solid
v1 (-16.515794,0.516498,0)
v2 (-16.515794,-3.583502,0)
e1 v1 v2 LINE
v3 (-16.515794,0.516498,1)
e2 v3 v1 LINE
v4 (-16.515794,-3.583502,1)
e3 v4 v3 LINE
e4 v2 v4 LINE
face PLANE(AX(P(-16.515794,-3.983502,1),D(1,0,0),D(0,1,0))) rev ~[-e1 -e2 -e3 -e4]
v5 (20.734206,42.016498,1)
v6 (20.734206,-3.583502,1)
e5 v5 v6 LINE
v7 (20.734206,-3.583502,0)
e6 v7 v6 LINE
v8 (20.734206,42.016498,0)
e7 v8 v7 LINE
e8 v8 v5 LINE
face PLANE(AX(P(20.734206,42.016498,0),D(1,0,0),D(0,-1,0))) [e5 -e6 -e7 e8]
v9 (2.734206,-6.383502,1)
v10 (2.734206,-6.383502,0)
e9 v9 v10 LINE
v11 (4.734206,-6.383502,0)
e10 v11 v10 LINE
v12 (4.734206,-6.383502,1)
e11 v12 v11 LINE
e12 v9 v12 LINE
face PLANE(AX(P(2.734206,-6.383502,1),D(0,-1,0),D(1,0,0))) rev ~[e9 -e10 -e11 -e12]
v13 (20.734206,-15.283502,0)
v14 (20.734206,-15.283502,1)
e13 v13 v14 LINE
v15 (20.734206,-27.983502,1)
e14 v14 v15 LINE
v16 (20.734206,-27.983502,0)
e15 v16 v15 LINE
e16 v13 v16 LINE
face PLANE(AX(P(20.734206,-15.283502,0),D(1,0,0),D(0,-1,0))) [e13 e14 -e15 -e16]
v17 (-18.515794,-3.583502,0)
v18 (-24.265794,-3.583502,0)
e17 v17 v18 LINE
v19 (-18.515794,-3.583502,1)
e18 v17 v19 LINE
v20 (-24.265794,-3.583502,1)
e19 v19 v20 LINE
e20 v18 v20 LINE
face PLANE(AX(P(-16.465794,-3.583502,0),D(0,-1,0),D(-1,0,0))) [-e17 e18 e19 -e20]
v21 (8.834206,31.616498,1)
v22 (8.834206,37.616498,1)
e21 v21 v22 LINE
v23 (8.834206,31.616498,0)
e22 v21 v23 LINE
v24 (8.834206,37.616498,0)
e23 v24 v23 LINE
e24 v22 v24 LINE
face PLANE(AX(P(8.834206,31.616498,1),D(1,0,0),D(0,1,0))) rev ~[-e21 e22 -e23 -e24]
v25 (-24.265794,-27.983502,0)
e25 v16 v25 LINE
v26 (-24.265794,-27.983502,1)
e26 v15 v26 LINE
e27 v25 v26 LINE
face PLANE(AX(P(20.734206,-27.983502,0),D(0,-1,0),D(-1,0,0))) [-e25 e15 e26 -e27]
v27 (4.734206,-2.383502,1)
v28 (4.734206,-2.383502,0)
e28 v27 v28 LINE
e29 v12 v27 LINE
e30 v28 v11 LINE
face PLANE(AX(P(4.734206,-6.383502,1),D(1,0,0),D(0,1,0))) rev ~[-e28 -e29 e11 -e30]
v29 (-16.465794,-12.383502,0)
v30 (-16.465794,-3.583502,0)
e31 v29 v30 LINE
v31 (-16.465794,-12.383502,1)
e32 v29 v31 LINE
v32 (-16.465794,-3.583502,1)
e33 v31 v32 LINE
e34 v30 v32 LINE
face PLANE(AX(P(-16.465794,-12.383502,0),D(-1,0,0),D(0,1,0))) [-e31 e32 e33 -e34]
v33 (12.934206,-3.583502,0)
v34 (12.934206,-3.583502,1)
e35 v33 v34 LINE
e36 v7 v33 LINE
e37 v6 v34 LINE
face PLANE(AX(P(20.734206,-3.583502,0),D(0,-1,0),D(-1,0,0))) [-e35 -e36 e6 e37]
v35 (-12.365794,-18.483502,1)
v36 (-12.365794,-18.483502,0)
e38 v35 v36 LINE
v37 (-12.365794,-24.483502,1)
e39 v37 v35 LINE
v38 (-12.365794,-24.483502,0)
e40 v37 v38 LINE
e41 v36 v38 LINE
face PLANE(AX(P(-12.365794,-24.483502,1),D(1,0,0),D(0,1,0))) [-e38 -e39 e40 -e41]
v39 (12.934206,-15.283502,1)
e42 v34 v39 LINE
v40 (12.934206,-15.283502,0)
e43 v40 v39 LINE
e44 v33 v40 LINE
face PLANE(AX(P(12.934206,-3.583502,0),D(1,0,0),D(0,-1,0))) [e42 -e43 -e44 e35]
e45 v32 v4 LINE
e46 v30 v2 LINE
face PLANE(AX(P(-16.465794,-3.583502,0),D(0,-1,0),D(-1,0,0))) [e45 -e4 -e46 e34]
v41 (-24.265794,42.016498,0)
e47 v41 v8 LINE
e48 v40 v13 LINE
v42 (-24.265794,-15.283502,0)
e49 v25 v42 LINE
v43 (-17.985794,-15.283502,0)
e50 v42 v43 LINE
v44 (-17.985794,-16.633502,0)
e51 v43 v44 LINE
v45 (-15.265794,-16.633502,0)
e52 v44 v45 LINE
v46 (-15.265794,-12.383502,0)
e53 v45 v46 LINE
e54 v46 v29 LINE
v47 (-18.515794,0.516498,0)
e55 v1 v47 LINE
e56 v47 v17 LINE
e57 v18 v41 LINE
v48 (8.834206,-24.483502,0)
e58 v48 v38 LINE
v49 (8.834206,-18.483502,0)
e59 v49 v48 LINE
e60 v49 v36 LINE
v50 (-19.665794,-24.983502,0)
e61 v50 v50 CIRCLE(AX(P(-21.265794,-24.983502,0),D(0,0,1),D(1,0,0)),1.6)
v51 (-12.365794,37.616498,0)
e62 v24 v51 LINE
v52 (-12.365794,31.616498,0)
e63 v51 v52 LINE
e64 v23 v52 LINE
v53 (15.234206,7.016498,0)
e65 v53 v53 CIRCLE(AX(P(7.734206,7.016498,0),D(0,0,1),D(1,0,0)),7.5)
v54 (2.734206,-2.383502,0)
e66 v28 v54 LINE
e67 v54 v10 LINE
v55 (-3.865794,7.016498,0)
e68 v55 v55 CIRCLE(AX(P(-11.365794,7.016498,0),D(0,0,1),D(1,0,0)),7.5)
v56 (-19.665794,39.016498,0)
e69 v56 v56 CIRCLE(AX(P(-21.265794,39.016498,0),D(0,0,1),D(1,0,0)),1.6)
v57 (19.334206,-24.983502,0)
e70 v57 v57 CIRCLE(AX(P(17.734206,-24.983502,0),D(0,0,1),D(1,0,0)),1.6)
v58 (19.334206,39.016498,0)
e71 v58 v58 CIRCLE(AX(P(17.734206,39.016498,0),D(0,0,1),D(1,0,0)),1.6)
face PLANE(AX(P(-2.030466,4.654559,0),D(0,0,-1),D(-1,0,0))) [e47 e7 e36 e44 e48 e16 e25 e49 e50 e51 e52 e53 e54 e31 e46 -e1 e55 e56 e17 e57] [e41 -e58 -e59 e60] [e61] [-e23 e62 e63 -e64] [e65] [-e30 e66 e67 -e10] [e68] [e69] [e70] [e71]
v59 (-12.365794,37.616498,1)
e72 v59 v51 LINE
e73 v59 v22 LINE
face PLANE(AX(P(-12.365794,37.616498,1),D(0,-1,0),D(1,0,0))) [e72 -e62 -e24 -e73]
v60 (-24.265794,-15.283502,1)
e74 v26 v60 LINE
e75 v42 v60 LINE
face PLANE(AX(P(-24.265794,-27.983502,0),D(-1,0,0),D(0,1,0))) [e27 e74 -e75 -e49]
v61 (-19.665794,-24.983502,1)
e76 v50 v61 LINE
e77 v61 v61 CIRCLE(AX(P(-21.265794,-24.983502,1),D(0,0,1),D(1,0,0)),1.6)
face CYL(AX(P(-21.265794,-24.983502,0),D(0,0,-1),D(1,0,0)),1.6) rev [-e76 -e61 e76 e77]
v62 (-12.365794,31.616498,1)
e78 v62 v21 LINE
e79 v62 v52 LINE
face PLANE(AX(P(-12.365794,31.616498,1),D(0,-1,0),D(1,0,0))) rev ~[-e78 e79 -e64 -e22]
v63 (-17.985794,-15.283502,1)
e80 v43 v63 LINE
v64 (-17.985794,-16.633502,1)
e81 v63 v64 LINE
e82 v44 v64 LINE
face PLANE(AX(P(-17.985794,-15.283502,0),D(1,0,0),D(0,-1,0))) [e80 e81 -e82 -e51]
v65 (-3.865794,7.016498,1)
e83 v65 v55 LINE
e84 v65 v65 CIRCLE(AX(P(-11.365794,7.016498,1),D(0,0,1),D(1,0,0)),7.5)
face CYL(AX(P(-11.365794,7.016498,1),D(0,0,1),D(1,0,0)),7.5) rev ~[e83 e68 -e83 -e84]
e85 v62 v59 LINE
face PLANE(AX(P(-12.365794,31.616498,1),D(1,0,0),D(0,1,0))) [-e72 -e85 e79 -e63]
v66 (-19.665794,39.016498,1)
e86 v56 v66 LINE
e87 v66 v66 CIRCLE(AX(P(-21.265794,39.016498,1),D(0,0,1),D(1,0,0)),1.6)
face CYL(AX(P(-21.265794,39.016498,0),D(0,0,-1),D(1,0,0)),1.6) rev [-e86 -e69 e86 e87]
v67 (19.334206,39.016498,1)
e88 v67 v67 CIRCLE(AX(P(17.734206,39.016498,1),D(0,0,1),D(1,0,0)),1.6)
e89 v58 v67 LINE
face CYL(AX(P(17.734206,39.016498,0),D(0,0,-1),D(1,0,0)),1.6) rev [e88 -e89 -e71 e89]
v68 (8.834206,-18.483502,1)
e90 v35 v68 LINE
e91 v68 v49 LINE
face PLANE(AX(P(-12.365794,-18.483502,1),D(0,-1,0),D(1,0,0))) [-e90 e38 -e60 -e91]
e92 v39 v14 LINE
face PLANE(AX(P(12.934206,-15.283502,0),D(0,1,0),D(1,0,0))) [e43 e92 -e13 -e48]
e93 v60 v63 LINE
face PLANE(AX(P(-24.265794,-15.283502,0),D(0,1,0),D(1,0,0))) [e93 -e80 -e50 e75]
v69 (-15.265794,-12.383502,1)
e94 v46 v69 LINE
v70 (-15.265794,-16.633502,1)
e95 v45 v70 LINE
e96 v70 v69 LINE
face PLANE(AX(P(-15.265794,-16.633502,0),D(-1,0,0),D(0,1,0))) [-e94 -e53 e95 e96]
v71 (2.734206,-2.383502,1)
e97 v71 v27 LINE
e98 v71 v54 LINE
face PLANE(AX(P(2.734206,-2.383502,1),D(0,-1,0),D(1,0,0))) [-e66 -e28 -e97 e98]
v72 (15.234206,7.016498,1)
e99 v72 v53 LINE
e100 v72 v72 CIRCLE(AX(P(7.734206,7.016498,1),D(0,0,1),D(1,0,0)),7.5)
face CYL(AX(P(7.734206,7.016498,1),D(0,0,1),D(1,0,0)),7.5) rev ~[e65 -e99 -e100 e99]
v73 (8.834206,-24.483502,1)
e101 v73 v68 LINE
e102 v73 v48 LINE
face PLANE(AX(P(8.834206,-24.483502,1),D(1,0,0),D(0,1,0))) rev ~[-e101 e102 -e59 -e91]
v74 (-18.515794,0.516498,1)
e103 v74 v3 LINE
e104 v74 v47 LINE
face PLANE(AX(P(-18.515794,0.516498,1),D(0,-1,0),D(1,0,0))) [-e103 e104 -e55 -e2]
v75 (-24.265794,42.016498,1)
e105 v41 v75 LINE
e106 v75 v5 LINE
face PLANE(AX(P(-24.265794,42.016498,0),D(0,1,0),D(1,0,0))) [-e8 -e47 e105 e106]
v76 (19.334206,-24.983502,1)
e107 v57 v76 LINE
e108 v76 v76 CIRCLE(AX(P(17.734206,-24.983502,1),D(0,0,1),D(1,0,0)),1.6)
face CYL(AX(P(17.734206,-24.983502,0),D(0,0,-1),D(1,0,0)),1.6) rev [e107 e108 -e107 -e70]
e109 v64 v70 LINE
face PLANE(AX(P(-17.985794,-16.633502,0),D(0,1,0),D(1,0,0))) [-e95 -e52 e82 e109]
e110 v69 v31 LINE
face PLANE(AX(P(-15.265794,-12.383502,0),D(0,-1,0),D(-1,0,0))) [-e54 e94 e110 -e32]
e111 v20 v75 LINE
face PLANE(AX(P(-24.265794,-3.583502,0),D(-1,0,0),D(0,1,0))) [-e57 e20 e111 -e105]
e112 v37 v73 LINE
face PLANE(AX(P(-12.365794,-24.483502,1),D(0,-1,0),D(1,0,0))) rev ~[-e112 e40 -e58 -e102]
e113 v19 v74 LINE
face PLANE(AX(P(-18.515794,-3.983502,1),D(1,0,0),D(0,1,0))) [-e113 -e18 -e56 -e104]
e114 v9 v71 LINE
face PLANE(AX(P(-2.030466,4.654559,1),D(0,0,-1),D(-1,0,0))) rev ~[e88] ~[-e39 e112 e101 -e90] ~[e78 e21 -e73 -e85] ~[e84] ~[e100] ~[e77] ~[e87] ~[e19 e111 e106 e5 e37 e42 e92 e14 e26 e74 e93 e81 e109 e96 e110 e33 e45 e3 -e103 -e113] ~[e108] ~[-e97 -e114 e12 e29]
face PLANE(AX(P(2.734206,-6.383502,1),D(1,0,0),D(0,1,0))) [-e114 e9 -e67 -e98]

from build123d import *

# Parameters (mm, degrees)
SKETCH1_R           = 1.6
BOSS_EXTRUDE1_DEPTH = 1
SKETCH5_W           = 2
SKETCH5_H           = 4.5
SKETCH5_H_2         = 4
CUT_EXTRUDE1_DEPTH  = 4
SKETCH4_W           = 21.2
SKETCH4_H           = 6
CUT_EXTRUDE2_DEPTH  = 4
SKETCH2_R           = 7.5
CUT_EXTRUDE3_DEPTH  = 4


with BuildPart() as part:
    # Sketch1 → Boss-Extrude1 (new body)
    with BuildSketch(Plane.XY):
        Polygon((20.734205703, -15.283501687), (20.734205703, -27.983501687), (-24.265794297, -27.983501687), (-24.265794297, -15.283501687), (-17.985794297, -15.283501687), (-17.985794297, -16.633501687), (-15.265794297, -16.633501687), (-15.265794297, -12.383501687), (-16.465794297, -12.383501687), (-16.465794297, -3.583501687), (-24.265794297, -3.583501687), (-24.265794297, 42.016498313), (20.734205703, 42.016498313), (20.734205703, -3.583501687), (12.934205703, -3.583501687), (12.934205703, -15.283501687), align=None)
        with Locations((-21.265794297, 39.016498313)):
            Circle(SKETCH1_R, mode=Mode.SUBTRACT)
        with Locations((17.734205703, 39.016498313)):
            Circle(SKETCH1_R, mode=Mode.SUBTRACT)
        with Locations((-21.265794297, -24.983501687)):
            Circle(SKETCH1_R, mode=Mode.SUBTRACT)
        with Locations((17.734205703, -24.983501687)):
            Circle(SKETCH1_R, mode=Mode.SUBTRACT)
    extrude(amount=BOSS_EXTRUDE1_DEPTH)

    # Sketch5 → Cut-Extrude1 (cut)
    with BuildSketch(Plane.XY.offset(1)):
        with Locations((-17.515794297, -1.733501687)):
            Rectangle(SKETCH5_W, SKETCH5_H)
        with Locations((3.734205703, -4.383501687)):
            Rectangle(SKETCH5_W, SKETCH5_H_2)
    extrude(amount=-CUT_EXTRUDE1_DEPTH, mode=Mode.SUBTRACT)

    # Sketch4 → Cut-Extrude2 (cut)
    with BuildSketch(Plane.XY.offset(1)):
        with Locations((-1.765794297, -21.483501687)):
            Rectangle(SKETCH4_W, SKETCH4_H)
        with Locations((-1.765794297, 34.616498313)):
            Rectangle(SKETCH4_W, SKETCH4_H)
    extrude(amount=-CUT_EXTRUDE2_DEPTH, mode=Mode.SUBTRACT)

    # Sketch2 → Cut-Extrude3 (cut)
    with BuildSketch(Plane.XY.offset(1)):
        with Locations((-11.365794297, 7.016498313)):
            Circle(SKETCH2_R)
        with Locations((7.734205703, 7.016498313)):
            Circle(SKETCH2_R)
    extrude(amount=-CUT_EXTRUDE3_DEPTH, mode=Mode.SUBTRACT)


solid = part.part
